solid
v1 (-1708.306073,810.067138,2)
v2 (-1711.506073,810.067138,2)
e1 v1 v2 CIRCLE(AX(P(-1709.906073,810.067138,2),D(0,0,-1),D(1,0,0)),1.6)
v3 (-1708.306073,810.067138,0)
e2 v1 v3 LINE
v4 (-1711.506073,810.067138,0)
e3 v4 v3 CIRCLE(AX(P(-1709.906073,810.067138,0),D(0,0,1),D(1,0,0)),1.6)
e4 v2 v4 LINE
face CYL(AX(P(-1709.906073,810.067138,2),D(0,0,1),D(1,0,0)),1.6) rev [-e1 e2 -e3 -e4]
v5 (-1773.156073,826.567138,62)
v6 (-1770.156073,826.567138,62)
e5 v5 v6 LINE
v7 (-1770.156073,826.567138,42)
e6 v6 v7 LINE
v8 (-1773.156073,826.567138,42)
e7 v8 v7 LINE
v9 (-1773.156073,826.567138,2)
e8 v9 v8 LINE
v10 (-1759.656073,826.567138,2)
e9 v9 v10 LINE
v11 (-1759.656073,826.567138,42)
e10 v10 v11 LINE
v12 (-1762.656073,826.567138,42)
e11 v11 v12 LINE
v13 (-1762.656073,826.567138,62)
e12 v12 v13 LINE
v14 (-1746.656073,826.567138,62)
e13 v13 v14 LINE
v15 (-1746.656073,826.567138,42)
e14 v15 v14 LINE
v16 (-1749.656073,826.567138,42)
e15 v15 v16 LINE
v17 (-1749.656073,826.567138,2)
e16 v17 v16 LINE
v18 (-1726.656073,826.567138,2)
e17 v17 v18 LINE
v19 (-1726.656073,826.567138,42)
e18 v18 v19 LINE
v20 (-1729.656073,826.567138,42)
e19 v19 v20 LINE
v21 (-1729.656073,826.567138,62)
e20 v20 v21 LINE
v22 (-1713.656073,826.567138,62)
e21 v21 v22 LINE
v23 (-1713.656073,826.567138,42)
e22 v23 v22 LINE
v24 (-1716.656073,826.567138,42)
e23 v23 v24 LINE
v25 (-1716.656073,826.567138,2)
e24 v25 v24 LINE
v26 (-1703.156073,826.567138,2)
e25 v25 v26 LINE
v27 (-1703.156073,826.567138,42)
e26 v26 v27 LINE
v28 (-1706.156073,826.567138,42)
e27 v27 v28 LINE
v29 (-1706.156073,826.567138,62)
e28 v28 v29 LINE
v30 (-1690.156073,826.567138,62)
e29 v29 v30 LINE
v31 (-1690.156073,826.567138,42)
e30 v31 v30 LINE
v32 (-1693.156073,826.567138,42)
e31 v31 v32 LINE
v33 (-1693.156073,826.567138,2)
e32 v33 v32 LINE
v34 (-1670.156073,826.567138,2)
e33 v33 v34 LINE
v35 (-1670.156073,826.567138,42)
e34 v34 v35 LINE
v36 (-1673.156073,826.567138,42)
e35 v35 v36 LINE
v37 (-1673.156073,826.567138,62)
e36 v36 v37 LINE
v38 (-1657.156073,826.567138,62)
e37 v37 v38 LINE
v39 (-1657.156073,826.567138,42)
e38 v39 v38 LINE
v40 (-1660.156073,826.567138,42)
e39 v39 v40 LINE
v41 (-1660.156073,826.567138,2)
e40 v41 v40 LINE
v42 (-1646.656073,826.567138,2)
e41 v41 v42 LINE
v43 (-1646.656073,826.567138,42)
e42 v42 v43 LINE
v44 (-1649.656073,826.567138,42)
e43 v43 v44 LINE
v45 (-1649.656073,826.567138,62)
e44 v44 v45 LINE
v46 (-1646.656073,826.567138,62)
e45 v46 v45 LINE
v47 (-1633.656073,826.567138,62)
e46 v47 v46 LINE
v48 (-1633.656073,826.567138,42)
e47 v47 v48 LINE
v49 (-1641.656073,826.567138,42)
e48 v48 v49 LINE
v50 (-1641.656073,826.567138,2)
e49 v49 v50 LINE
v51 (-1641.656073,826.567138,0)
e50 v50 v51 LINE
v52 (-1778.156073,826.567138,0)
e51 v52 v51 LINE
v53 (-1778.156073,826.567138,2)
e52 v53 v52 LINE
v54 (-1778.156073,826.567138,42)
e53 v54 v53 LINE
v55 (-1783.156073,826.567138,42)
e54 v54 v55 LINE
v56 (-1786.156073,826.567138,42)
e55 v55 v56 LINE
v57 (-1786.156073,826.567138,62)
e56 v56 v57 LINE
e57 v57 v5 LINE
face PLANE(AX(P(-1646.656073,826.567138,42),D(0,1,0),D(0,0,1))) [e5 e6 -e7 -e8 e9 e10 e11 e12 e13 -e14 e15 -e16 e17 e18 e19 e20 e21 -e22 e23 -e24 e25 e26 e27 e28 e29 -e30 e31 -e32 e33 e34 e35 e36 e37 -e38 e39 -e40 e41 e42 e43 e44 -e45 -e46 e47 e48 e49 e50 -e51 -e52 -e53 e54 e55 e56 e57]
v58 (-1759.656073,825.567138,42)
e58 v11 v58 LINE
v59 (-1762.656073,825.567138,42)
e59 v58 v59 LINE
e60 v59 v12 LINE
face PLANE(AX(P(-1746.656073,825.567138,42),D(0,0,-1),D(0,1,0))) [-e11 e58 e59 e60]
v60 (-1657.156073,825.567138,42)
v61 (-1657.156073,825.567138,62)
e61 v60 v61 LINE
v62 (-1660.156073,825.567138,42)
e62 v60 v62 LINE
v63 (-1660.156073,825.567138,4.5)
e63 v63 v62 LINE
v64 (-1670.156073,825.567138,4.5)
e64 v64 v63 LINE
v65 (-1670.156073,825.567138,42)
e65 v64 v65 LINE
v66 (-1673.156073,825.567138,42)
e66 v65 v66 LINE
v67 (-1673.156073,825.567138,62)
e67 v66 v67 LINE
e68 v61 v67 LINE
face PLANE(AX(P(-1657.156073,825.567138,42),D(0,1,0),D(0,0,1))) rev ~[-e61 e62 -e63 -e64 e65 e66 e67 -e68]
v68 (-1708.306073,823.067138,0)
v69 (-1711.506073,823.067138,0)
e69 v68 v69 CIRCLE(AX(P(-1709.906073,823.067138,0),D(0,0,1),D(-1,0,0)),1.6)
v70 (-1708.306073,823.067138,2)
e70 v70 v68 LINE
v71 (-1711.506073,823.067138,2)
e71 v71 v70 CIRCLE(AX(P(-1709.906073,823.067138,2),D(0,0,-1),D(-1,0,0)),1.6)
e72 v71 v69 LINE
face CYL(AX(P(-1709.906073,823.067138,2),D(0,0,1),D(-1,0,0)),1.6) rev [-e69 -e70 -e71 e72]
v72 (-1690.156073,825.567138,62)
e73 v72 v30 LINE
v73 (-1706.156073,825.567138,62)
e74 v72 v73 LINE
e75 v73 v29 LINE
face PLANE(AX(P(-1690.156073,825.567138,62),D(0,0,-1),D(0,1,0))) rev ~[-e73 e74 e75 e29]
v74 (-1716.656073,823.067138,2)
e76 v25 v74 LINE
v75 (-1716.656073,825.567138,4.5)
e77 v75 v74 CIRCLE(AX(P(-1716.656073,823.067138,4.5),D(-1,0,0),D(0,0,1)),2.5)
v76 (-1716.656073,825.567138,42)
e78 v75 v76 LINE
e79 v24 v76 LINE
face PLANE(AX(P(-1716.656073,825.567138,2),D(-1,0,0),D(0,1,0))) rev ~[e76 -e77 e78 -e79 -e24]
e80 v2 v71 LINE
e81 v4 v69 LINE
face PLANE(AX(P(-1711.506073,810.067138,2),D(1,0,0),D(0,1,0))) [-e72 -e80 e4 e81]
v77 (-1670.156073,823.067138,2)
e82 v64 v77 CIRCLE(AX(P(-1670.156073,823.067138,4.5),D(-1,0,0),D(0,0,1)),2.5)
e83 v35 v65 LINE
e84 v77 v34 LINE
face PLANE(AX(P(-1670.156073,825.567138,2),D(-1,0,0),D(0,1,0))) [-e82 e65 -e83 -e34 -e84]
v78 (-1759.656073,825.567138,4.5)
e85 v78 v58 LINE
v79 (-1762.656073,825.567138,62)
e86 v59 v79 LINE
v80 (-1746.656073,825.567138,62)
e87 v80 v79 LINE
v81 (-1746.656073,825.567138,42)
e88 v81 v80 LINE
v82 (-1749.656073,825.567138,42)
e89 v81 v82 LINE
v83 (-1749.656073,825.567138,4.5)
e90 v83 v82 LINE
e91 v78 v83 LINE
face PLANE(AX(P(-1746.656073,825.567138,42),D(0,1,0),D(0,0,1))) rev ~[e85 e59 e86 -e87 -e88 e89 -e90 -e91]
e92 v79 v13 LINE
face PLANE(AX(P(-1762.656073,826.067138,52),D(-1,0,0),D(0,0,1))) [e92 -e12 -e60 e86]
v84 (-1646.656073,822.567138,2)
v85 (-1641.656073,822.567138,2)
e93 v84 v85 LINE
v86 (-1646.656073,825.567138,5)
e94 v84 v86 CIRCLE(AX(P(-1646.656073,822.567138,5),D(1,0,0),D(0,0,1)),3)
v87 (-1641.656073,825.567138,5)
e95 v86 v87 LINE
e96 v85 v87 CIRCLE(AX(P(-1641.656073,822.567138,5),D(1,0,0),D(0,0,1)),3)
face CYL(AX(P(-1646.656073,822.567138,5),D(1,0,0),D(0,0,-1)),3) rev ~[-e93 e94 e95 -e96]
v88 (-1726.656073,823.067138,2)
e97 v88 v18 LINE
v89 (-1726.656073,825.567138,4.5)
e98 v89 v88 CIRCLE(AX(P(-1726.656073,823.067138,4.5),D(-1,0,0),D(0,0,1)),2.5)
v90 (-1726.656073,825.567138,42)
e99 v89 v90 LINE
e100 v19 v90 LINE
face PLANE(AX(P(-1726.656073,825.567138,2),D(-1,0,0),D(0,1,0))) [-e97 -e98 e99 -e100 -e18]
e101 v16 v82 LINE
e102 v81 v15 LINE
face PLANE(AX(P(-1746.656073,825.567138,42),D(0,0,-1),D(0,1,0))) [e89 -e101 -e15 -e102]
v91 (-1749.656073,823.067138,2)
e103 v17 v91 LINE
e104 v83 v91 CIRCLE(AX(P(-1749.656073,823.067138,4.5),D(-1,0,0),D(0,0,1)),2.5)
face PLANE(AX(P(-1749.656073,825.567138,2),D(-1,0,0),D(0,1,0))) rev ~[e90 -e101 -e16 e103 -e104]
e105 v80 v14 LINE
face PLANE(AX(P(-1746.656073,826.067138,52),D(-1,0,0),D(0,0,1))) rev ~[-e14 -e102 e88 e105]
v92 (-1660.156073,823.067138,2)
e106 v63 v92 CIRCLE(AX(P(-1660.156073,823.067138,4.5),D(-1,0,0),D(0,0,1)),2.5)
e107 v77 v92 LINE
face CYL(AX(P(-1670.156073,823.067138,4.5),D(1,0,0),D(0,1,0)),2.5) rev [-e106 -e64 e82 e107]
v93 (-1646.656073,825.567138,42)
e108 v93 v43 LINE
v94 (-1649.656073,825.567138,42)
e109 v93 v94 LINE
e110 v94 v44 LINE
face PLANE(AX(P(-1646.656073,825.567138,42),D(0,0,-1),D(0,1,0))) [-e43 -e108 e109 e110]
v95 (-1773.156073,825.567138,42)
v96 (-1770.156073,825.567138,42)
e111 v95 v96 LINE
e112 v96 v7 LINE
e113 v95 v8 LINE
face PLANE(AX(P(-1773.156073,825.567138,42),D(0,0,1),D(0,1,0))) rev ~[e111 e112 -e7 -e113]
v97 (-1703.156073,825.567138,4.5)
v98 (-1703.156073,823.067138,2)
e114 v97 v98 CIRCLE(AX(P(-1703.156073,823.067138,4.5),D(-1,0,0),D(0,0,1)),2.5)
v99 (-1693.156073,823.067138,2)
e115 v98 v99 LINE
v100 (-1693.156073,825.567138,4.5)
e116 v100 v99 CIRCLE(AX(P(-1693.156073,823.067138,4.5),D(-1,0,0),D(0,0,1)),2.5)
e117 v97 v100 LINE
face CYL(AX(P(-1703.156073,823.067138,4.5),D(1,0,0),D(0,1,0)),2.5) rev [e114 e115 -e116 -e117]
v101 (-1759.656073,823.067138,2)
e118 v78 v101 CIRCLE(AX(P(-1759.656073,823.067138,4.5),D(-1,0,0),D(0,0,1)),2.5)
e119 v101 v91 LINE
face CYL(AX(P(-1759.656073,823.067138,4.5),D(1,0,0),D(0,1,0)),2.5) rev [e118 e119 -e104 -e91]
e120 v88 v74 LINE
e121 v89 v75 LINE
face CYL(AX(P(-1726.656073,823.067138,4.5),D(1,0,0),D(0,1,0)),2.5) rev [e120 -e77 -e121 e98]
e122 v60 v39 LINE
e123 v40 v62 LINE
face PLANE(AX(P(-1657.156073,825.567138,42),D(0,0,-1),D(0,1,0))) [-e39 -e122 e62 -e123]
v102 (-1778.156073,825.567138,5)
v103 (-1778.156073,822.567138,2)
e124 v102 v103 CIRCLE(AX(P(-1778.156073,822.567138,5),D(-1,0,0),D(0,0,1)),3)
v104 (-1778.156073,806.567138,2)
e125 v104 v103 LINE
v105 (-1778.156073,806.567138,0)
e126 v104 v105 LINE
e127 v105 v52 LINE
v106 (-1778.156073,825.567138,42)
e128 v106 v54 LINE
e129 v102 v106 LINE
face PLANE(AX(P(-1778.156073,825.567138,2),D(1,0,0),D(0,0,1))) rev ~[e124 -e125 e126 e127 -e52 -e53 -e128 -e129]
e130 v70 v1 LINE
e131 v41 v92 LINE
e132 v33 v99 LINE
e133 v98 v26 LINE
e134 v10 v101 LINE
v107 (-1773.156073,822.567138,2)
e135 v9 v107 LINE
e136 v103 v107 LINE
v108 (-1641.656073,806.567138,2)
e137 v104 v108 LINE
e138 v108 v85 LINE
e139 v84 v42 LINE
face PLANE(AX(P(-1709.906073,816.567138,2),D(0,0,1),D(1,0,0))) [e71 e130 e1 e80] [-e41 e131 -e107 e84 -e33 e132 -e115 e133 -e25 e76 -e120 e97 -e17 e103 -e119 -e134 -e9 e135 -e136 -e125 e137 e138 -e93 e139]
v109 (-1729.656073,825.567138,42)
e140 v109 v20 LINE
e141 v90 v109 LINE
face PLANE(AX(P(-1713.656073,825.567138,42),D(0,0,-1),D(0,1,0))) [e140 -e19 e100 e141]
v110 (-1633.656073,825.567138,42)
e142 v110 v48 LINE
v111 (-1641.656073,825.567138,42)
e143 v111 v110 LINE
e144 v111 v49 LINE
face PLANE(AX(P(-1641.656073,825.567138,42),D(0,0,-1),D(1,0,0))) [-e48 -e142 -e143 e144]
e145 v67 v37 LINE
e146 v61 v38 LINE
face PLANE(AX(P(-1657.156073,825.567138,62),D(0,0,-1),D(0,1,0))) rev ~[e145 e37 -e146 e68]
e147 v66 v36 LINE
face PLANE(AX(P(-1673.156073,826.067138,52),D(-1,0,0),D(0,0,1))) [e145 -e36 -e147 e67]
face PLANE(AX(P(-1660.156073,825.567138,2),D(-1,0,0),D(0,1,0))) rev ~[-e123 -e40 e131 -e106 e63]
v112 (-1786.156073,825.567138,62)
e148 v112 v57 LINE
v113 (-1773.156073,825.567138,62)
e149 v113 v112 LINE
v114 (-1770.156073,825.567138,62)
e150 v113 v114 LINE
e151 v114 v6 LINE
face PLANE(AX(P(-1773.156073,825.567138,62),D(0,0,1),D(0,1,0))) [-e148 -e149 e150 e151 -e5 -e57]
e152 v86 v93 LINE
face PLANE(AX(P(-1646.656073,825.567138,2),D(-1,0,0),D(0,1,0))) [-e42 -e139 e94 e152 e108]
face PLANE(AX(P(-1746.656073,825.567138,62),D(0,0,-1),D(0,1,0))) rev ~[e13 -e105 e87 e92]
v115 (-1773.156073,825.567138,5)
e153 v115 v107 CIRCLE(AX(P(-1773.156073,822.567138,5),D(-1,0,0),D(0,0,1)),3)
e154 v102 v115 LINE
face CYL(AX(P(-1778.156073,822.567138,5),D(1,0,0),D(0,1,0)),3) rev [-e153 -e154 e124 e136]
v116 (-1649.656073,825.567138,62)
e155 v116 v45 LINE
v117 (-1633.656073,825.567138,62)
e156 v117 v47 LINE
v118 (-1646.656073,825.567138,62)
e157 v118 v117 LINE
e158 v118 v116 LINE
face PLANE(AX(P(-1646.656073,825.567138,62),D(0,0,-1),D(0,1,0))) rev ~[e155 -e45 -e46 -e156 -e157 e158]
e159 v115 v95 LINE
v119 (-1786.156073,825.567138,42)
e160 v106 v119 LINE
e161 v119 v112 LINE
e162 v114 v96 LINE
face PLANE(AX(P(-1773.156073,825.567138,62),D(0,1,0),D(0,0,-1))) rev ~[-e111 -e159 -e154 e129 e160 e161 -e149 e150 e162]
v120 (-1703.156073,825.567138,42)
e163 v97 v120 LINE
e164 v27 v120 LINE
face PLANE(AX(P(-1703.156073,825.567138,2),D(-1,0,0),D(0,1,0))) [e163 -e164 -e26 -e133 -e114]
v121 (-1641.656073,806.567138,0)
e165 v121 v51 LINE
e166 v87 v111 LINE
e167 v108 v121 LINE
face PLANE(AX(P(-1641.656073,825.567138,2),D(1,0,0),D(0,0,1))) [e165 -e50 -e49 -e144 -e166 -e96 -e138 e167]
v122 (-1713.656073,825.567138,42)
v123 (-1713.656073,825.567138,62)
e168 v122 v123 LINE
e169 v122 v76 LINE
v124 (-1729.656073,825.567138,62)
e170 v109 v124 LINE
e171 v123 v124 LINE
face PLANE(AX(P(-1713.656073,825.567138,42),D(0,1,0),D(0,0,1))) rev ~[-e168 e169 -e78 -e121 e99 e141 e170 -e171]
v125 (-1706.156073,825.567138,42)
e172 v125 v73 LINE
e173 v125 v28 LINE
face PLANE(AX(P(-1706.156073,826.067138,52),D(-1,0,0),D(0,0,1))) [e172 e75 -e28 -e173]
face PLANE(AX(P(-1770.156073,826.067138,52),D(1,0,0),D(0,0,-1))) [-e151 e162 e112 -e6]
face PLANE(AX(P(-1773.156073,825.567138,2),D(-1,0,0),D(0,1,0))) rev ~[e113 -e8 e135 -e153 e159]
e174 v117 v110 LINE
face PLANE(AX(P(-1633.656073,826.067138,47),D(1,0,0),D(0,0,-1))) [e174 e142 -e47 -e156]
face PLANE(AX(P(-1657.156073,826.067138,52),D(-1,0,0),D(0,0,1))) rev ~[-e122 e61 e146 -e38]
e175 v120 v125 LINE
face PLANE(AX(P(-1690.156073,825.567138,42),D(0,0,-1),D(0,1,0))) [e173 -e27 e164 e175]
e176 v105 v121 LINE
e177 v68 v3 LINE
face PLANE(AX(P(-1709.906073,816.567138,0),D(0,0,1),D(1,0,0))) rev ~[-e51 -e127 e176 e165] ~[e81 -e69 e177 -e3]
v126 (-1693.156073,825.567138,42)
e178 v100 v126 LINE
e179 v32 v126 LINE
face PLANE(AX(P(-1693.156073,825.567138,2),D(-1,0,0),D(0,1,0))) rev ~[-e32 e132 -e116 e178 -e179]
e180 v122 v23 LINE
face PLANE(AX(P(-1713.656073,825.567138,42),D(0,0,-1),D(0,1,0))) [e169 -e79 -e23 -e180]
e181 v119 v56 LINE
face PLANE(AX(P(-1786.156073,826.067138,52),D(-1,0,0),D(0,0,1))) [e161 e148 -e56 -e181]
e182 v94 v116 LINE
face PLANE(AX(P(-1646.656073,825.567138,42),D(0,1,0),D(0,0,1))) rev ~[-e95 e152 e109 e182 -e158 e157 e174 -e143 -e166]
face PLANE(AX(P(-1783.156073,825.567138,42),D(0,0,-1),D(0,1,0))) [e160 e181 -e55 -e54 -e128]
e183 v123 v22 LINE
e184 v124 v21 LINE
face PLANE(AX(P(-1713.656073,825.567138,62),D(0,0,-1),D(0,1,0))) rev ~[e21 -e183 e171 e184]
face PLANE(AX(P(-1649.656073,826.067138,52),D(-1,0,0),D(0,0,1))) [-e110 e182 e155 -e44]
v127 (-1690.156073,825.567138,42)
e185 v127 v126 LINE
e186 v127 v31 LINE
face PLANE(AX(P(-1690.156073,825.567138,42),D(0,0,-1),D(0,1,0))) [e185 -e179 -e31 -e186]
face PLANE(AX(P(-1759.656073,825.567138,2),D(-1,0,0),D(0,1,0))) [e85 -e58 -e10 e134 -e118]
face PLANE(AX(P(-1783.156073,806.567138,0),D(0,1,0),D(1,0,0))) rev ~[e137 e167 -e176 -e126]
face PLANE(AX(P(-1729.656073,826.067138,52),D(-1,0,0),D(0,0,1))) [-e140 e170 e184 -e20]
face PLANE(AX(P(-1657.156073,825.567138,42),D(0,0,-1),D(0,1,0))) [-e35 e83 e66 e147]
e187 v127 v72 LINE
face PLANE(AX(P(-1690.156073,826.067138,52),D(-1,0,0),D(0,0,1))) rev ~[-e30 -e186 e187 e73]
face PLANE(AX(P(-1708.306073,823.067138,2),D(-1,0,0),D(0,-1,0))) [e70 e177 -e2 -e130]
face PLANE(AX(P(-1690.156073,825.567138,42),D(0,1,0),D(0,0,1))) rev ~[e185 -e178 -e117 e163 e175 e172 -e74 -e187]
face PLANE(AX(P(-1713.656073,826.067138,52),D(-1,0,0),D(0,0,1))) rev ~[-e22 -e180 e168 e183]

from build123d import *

# Parameters (mm, degrees)
SKETCH1_W                 = 146.5
SKETCH1_H                 = 20
BOSS_EXTRUDE1_DEPTH       = 2
SKETCH2_W                 = 10
SKETCH2_H                 = 1
BOSS_EXTRUDE2_DEPTH       = 60
SKETCH3_W                 = 20
SKETCH3_H                 = 1
BOSS_EXTRUDE3_DEPTH       = 3
SKETCH4_W                 = 20
SKETCH4_H                 = 1
BOSS_EXTRUDE4_DEPTH       = 3
BOSS_EXTRUDE5_DEPTH       = 3
BOSS_EXTRUDE5_DEPTH_BACK  = 13
SKETCH5_W                 = 20
SKETCH5_H                 = 1
BOSS_EXTRUDE7_DEPTH       = 3
BOSS_EXTRUDE7_DEPTH_BACK  = 13
SKETCH7_W                 = 20
SKETCH7_H                 = 1
BOSS_EXTRUDE9_DEPTH       = 3
BOSS_EXTRUDE9_DEPTH_BACK  = 13
SKETCH9_W                 = 20
SKETCH9_H                 = 1
BOSS_EXTRUDE11_DEPTH      = 3
BOSS_EXTRUDE11_DEPTH_BACK = 13
SKETCH11_W                = 20
SKETCH11_H                = 1
SKETCH13_W                = 30
SKETCH13_H                = 1
BOSS_EXTRUDE13_DEPTH      = 3
SKETCH14_W                = 20
SKETCH14_H                = 1
BOSS_EXTRUDE14_DEPTH      = 3
CUT_EXTRUDE1_DEPTH        = 3
SKETCH16_W                = 5
SKETCH16_H                = 20
CUT_EXTRUDE2_DEPTH        = 10
SKETCH17_W                = 5
SKETCH17_H                = 40
SKETCH17_W_2              = 8
CUT_EXTRUDE3_DEPTH        = 10
FILLET1_R                 = 3
FILLET2_R                 = 2.5


with BuildPart() as part:
    # Sketch1 → Boss-Extrude1 (new body)
    with BuildSketch(Plane.XY):
        with Locations((-1709.906073211, 816.567138103)):
            Rectangle(SKETCH1_W, SKETCH1_H)
    extrude(amount=BOSS_EXTRUDE1_DEPTH)

    # Sketch2 → Boss-Extrude2 (add)
    with BuildSketch(Plane.XY.offset(2)):
        with Locations((-1778.156073211, 826.067138103)):
            Rectangle(SKETCH2_W, SKETCH2_H)
        with Locations((-1754.656073211, 826.067138103)):
            Rectangle(SKETCH2_W, SKETCH2_H)
        with Locations((-1641.656073211, 826.067138103)):
            Rectangle(SKETCH2_W, SKETCH2_H)
        with Locations((-1665.156073211, 826.067138103)):
            Rectangle(SKETCH2_W, SKETCH2_H)
        with Locations((-1721.656073211, 826.067138103)):
            Rectangle(SKETCH2_W, SKETCH2_H)
        with Locations((-1698.156073211, 826.067138103)):
            Rectangle(SKETCH2_W, SKETCH2_H)
    extrude(amount=BOSS_EXTRUDE2_DEPTH)

    # Sketch3 → Boss-Extrude3 (add)
    with BuildSketch(Plane.ZY.offset(1783.156073211)):
        with Locations((52, 826.067138103)):
            Rectangle(SKETCH3_W, SKETCH3_H)
    extrude(amount=BOSS_EXTRUDE3_DEPTH)

    # Sketch4 → Boss-Extrude4 (add)
    with BuildSketch(Plane(origin=(-1773.156073211, 0, 0), x_dir=(0, 0, -1), z_dir=(1, 0, 0))):
        with Locations((-52, 826.067138104)):
            Rectangle(SKETCH4_W, SKETCH4_H)
    extrude(amount=BOSS_EXTRUDE4_DEPTH)

    # Sketch5 → Boss-Extrude5 (add, two sides: drawn at the far end of the back side and taken through both)
    with BuildSketch(Plane.ZY.offset(1759.656073211).offset(-BOSS_EXTRUDE5_DEPTH_BACK)):
        with Locations((52, 826.067138103)):
            Rectangle(SKETCH5_W, SKETCH5_H)
    extrude(amount=BOSS_EXTRUDE5_DEPTH + BOSS_EXTRUDE5_DEPTH_BACK)

    # Sketch7 → Boss-Extrude7 (add, two sides: drawn at the far end of the back side and taken through both)
    with BuildSketch(Plane.ZY.offset(1726.656073211).offset(-BOSS_EXTRUDE7_DEPTH_BACK)):
        with Locations((52, 826.067138103)):
            Rectangle(SKETCH7_W, SKETCH7_H)
    extrude(amount=BOSS_EXTRUDE7_DEPTH + BOSS_EXTRUDE7_DEPTH_BACK)

    # Sketch9 → Boss-Extrude9 (add, two sides: drawn at the far end of the back side and taken through both)
    with BuildSketch(Plane.ZY.offset(1703.156073211).offset(-BOSS_EXTRUDE9_DEPTH_BACK)):
        with Locations((52, 826.067138103)):
            Rectangle(SKETCH9_W, SKETCH9_H)
    extrude(amount=BOSS_EXTRUDE9_DEPTH + BOSS_EXTRUDE9_DEPTH_BACK)

    # Sketch11 → Boss-Extrude11 (add, two sides: drawn at the far end of the back side and taken through both)
    with BuildSketch(Plane.ZY.offset(1670.156073211).offset(-BOSS_EXTRUDE11_DEPTH_BACK)):
        with Locations((52, 826.067138103)):
            Rectangle(SKETCH11_W, SKETCH11_H)
    extrude(amount=BOSS_EXTRUDE11_DEPTH + BOSS_EXTRUDE11_DEPTH_BACK)

    # Sketch13 → Boss-Extrude13 (add)
    with BuildSketch(Plane(origin=(-1636.656073211, 0, 0), x_dir=(0, 0, -1), z_dir=(1, 0, 0))):
        with Locations((-47, 826.067138103)):
            Rectangle(SKETCH13_W, SKETCH13_H)
    extrude(amount=BOSS_EXTRUDE13_DEPTH)

    # Sketch14 → Boss-Extrude14 (add)
    with BuildSketch(Plane.ZY.offset(1646.656073212)):
        with Locations((52, 826.067138102)):
            Rectangle(SKETCH14_W, SKETCH14_H)
    extrude(amount=BOSS_EXTRUDE14_DEPTH)

    # Sketch15 → Cut-Extrude1 (cut)
    with BuildSketch(Plane.XY.offset(2)):
        with BuildLine():
            Line((-1711.506073211, 810.067138103), (-1711.506073211, 823.067138103))
            ThreePointArc((-1711.506073211, 823.067138103), (-1709.906073211, 824.667138103), (-1708.306073211, 823.067138103))
            Line((-1708.306073211, 823.067138103), (-1708.306073211, 810.067138103))
            ThreePointArc((-1708.306073211, 810.067138103), (-1709.906073211, 808.467138103), (-1711.506073211, 810.067138103))
        make_face()
    extrude(amount=-CUT_EXTRUDE1_DEPTH, mode=Mode.SUBTRACT)

    # Sketch16 → Cut-Extrude2 (cut)
    with BuildSketch(Plane.XY.offset(2)):
        with Locations((-1780.656073211, 816.567138103)):
            Rectangle(SKETCH16_W, SKETCH16_H)
        with Locations((-1639.156073211, 816.567138103)):
            Rectangle(SKETCH16_W, SKETCH16_H)
    extrude(amount=-CUT_EXTRUDE2_DEPTH, mode=Mode.SUBTRACT)

    # Sketch17 → Cut-Extrude3 (cut)
    with BuildSketch(Plane.XZ.offset(-825.567138103)):
        with Locations((-1780.656073211, 22)):
            Rectangle(SKETCH17_W, SKETCH17_H)
        with Locations((-1637.656073211, 22)):
            Rectangle(SKETCH17_W_2, SKETCH17_H)
    extrude(amount=-CUT_EXTRUDE3_DEPTH, mode=Mode.SUBTRACT)

    # Fillet1
    fillet1_edges = [part.edges().sort_by_distance(p)[0] for p in [
        (-1775.656073211, 825.567138103, 2),
        (-1644.156073211, 825.567138103, 2),
    ]]
    fillet(fillet1_edges, radius=FILLET1_R)

    # Fillet2
    fillet2_edges = [part.edges().sort_by_distance(p)[0] for p in [
        (-1754.656073211, 825.567138103, 2),
        (-1665.156073211, 825.567138103, 2),
        (-1721.656073211, 825.567138103, 2),
        (-1698.156073211, 825.567138103, 2),
    ]]
    fillet(fillet2_edges, radius=FILLET2_R)


solid = part.part
